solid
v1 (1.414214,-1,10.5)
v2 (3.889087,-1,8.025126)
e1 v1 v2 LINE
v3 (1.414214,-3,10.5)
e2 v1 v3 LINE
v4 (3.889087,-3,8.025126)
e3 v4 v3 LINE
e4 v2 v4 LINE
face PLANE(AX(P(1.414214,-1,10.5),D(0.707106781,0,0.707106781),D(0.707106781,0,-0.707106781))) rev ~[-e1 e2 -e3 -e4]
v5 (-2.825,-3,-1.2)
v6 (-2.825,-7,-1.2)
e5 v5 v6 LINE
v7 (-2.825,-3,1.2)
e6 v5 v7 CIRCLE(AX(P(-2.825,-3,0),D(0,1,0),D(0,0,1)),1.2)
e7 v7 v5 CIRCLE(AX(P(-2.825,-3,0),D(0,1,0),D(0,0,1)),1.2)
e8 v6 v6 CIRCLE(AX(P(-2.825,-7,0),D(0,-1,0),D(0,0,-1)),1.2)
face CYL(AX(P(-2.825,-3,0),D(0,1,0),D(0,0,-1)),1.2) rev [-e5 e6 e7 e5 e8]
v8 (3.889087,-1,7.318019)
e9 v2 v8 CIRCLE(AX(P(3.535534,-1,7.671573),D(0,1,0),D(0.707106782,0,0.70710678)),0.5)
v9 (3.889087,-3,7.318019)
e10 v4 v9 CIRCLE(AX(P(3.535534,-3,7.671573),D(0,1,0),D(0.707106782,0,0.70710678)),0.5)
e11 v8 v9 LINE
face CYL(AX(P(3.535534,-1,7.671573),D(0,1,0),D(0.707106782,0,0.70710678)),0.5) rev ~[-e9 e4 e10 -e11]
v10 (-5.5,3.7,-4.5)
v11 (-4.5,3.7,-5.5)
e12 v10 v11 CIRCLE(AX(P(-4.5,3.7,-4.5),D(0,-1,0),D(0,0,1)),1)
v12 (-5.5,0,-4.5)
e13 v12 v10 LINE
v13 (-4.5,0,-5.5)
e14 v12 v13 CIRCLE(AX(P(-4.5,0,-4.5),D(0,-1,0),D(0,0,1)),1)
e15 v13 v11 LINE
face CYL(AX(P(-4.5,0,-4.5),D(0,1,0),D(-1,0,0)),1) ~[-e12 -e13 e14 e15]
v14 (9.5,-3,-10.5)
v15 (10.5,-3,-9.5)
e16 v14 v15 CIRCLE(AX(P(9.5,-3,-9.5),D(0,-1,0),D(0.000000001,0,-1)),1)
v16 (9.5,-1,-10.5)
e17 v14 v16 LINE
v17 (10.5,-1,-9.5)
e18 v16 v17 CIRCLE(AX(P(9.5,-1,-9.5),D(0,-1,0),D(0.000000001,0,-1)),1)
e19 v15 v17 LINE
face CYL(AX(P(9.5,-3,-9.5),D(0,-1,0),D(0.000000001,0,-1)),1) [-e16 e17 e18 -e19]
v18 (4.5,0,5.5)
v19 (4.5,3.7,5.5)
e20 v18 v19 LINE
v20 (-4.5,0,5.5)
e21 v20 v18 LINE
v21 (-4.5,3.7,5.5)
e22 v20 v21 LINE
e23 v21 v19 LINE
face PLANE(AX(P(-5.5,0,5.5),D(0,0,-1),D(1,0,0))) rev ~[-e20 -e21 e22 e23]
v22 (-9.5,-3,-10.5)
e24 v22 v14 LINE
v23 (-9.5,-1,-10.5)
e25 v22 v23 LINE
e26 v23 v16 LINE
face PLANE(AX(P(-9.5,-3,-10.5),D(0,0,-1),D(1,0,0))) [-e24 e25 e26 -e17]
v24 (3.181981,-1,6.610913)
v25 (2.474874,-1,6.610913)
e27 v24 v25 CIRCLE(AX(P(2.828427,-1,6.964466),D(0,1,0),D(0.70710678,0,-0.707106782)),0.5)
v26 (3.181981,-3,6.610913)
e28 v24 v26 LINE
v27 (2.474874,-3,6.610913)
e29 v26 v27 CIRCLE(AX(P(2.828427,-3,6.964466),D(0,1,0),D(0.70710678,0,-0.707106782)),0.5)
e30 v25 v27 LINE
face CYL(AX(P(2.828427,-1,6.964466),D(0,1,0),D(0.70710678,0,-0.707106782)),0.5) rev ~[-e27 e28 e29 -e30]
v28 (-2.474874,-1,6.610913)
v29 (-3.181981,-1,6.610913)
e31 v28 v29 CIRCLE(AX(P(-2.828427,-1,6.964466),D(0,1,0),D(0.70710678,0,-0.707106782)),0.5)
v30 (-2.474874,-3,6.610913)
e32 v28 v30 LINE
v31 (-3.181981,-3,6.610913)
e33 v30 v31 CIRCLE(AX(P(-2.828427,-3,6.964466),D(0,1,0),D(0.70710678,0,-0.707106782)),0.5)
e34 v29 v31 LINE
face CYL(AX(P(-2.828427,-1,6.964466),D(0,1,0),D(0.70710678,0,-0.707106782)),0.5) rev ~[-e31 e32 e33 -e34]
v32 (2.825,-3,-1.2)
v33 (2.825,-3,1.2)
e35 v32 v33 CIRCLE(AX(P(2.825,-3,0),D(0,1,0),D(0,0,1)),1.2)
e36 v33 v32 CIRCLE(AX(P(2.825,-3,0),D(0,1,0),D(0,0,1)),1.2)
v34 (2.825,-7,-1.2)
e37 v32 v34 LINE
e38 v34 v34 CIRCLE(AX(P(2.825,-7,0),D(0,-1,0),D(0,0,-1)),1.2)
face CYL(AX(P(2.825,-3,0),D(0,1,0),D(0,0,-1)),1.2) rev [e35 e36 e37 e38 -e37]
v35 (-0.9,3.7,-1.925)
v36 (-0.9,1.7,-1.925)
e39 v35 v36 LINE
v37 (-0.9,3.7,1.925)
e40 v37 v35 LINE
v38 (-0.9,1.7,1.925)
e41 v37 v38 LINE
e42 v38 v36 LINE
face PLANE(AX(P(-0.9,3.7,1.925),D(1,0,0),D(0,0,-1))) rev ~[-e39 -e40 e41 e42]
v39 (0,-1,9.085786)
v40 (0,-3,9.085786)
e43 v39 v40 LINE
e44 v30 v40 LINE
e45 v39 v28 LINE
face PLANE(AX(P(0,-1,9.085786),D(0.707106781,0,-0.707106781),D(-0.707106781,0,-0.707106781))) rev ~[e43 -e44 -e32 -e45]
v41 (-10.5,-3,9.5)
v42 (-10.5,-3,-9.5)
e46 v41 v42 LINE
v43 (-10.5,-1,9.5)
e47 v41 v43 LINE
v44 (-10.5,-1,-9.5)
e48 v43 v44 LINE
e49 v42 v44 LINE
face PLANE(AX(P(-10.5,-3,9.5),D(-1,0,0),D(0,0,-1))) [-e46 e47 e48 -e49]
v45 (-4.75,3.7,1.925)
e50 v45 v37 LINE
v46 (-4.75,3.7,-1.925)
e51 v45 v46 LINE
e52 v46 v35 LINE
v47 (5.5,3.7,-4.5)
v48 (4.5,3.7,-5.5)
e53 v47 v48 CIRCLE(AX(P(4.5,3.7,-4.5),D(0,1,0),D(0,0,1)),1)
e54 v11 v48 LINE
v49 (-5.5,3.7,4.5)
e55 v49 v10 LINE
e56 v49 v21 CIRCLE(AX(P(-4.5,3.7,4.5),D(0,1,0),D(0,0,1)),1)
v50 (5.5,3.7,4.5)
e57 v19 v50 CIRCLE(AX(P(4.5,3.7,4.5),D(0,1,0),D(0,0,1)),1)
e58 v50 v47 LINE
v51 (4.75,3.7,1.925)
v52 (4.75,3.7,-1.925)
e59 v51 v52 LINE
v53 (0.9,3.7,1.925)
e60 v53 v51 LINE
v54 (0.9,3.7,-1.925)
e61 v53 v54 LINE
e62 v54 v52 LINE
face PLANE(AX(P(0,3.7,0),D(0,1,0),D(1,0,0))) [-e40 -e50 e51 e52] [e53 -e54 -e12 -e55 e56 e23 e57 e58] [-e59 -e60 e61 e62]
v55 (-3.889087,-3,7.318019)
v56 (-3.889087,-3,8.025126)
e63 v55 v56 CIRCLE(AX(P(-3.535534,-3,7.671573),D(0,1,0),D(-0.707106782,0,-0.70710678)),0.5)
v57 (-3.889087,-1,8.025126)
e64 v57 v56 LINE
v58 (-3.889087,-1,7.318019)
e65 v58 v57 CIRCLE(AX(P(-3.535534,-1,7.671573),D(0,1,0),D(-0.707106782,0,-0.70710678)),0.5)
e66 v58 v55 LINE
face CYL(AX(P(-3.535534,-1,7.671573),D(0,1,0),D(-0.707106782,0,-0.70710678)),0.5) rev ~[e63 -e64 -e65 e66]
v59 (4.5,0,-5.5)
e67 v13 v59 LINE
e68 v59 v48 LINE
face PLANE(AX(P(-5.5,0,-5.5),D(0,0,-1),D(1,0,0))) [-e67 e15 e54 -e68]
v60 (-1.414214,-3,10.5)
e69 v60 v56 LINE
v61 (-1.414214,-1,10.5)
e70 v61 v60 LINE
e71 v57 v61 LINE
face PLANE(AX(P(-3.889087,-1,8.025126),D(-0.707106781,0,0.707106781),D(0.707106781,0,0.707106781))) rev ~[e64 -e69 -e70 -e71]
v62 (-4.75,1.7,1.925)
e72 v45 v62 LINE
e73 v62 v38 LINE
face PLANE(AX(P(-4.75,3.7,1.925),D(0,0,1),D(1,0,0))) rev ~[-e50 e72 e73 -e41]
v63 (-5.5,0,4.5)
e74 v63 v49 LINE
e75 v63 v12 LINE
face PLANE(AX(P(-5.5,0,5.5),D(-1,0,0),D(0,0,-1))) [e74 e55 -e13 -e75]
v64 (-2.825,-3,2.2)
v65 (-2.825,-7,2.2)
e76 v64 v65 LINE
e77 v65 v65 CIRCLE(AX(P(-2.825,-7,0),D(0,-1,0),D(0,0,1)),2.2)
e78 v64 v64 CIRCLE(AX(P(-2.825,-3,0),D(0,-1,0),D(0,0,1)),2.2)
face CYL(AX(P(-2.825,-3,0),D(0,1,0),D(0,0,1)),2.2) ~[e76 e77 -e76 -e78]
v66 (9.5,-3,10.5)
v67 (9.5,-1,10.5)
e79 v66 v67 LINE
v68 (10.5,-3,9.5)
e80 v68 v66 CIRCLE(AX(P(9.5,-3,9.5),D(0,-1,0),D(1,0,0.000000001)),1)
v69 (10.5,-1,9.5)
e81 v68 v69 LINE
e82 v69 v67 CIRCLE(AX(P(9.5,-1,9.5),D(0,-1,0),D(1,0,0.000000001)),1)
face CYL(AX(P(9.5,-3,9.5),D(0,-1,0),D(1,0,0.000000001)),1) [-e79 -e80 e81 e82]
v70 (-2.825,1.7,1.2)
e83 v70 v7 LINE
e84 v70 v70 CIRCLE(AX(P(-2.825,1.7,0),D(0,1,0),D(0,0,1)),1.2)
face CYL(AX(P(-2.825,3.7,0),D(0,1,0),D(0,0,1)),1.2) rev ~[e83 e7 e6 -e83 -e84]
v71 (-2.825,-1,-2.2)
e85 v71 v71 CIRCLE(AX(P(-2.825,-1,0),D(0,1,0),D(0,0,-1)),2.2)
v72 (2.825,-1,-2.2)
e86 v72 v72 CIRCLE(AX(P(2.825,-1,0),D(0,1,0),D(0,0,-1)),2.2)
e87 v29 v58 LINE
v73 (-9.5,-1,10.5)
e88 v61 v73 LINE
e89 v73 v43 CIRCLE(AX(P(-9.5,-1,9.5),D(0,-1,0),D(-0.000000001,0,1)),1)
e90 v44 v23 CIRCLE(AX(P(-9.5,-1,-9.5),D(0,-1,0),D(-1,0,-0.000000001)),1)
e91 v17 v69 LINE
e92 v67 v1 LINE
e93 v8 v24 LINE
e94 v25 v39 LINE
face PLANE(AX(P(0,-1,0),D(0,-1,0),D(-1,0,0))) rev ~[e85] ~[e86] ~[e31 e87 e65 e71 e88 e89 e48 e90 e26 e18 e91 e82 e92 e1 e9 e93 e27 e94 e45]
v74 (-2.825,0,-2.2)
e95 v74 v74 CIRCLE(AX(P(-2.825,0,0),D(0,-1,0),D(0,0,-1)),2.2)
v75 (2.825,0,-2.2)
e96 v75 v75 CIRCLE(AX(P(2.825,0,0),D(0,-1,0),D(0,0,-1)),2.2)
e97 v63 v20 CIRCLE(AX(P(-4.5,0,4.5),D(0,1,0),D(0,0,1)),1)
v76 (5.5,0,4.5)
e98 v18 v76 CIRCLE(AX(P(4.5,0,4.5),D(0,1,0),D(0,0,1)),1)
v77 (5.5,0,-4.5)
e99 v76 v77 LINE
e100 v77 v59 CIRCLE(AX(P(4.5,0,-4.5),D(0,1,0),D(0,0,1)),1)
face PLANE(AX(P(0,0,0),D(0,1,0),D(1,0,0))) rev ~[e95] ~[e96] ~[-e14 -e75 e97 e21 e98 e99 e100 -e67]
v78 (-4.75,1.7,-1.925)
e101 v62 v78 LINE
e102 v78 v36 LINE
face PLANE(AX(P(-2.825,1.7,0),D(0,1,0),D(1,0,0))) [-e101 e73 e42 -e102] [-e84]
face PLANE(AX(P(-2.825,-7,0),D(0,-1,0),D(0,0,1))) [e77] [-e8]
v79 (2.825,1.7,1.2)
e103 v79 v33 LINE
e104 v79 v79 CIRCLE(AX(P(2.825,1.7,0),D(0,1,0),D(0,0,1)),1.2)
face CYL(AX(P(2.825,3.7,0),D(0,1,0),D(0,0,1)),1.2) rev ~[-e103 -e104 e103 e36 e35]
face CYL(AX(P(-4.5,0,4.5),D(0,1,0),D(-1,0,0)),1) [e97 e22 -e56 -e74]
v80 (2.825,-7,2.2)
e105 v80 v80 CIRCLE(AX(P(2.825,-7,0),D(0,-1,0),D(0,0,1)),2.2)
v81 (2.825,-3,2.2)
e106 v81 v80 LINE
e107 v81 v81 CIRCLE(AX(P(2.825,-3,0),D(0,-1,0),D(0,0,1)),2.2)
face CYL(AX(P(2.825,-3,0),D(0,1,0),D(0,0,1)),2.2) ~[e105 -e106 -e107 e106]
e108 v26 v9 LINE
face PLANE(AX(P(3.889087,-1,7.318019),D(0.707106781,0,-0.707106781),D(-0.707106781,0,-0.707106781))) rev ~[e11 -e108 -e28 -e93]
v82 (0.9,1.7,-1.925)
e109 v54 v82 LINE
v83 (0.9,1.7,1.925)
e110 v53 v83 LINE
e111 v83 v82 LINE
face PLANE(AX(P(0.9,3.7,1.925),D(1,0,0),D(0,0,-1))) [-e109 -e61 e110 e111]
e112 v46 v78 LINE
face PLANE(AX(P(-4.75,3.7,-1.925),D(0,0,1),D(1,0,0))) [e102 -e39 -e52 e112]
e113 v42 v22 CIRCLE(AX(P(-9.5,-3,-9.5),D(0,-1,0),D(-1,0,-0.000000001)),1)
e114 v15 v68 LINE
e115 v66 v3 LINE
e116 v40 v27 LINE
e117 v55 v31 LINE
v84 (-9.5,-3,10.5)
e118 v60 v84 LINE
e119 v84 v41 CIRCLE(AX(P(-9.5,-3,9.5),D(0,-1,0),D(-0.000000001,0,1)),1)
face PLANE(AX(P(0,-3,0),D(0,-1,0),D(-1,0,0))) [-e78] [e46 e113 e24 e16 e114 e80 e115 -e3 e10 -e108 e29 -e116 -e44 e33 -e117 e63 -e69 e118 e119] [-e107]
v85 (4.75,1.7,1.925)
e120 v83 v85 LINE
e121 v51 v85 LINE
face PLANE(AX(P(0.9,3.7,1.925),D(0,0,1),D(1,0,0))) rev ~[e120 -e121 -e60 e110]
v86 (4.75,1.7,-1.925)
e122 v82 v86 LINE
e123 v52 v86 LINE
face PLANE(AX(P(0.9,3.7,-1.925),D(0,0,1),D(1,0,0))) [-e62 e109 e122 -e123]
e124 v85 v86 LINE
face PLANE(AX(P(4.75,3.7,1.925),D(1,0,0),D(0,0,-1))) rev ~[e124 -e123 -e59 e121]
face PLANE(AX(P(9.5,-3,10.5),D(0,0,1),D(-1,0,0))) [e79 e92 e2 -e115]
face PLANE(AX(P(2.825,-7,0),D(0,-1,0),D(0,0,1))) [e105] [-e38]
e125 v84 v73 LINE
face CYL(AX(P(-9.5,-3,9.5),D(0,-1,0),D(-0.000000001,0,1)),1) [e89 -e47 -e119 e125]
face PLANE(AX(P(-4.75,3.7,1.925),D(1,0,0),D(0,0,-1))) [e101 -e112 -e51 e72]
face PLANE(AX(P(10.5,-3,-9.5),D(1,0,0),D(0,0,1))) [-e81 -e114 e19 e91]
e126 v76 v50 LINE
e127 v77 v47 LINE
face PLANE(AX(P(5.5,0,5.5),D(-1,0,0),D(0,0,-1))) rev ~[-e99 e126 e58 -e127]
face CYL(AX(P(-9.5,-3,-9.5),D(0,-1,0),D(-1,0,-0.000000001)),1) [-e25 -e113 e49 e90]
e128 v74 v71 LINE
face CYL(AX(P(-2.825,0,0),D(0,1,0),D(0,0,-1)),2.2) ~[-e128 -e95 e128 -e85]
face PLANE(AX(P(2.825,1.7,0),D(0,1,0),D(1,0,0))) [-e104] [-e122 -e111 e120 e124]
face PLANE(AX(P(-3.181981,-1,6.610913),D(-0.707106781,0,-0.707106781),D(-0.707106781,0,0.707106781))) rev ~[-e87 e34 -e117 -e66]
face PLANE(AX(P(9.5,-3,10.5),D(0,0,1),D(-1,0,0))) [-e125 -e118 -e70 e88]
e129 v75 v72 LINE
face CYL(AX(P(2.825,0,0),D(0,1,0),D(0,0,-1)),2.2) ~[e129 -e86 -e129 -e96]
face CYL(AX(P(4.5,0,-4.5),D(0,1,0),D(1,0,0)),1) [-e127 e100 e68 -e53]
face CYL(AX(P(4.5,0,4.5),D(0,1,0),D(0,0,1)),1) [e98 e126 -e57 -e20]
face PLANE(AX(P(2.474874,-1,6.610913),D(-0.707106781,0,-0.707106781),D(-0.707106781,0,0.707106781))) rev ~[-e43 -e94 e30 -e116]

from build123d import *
from build123d.topology import SkipClean

# Parameters (mm, degrees)
SKETCH1_W           = 11
SKETCH1_H           = 11
BOSS_EXTRUDE1_DEPTH = 3.7
FILLET1_R           = 1
SKETCH2_W           = 3.85
SKETCH2_H           = 3.85
CUT_EXTRUDE1_DEPTH  = 2
SKETCH4_R           = 2.2
BOSS_EXTRUDE2_DEPTH = 3
BOSS_EXTRUDE3_DEPTH = 2
SKETCH3_R           = 1.2
CUT_EXTRUDE2_DEPTH  = 17.290794947
CUT_EXTRUDE3_DEPTH  = 16.57530096
SKETCH8_R           = 2.2
SKETCH8_R_2         = 1.2
BOSS_EXTRUDE4_DEPTH = 4


with BuildPart() as part:
    # Sketch1 → Boss-Extrude1 (new body)
    with BuildSketch(Plane(origin=(0, 0, 0), x_dir=(1, 0, 0), z_dir=(0, 1, 0))):
        Rectangle(SKETCH1_W, SKETCH1_H)
    extrude(amount=BOSS_EXTRUDE1_DEPTH)

    # Fillet1
    fillet1_edges = [part.edges().sort_by_distance(p)[0] for p in [
        (5.5, 1.85, 5.5),
        (-5.5, 1.85, 5.5),
        (-5.5, 1.85, -5.5),
        (5.5, 1.85, -5.5),
    ]]
    fillet(fillet1_edges, radius=FILLET1_R)

    # Sketch2 → Cut-Extrude1 (cut)
    with BuildSketch(Plane(origin=(0, 3.7, 0), x_dir=(1, 0, 0), z_dir=(0, 1, 0))):
        with Locations((-2.825, 0)):
            Rectangle(SKETCH2_W, SKETCH2_H)
        with Locations((2.825, 0)):
            Rectangle(SKETCH2_W, SKETCH2_H)
    extrude(amount=-CUT_EXTRUDE1_DEPTH, mode=Mode.SUBTRACT)

    # Sketch4 → Boss-Extrude2 (add)
    with BuildSketch(Plane(origin=(0, 0, 0), x_dir=(-1, 0, 0), z_dir=(0, -1, 0))):
        with Locations(Location((2.825, 0, 0), (0, 0, 90))):
            Circle(SKETCH4_R)
        with Locations(Location((-2.825, 0, 0), (0, 0, 90))):
            Circle(SKETCH4_R)
    extrude(amount=BOSS_EXTRUDE2_DEPTH)

    # Sketch5 → Boss-Extrude3 (add)
    with BuildSketch(Plane(origin=(0, -3, 0), x_dir=(-1, 0, 0), z_dir=(0, -1, 0))):
        with BuildLine():
            Line((9.5, 10.5), (-9.5, 10.5))
            ThreePointArc((-9.5, 10.5), (-10.207106781, 10.207106781), (-10.5, 9.5))
            Line((-10.5, 9.5), (-10.5, -9.5))
            ThreePointArc((-10.5, -9.5), (-10.207106781, -10.207106781), (-9.5, -10.5))
            Line((-9.5, -10.5), (9.5, -10.5))
            ThreePointArc((9.5, -10.5), (10.207106781, -10.207106781), (10.5, -9.5))
            Line((10.5, -9.5), (10.5, 9.5))
            ThreePointArc((10.5, 9.5), (10.207106781, 10.207106781), (9.5, 10.5))
        make_face()
    extrude(amount=-BOSS_EXTRUDE3_DEPTH)

    # Sketch3 → Cut-Extrude2 (cut, through all)
    with BuildSketch(Plane(origin=(0, 3.7, 0), x_dir=(1, 0, 0), z_dir=(0, 1, 0))):
        with Locations(Location((-2.825, 0, 0), (0, 0, 270))):
            Circle(SKETCH3_R)
        with Locations(Location((2.825, 0, 0), (0, 0, 270))):
            Circle(SKETCH3_R)
    extrude(amount=-CUT_EXTRUDE2_DEPTH, mode=Mode.SUBTRACT)

    # Sketch7 → Cut-Extrude3 (cut, through all)
    with BuildSketch(Plane(origin=(0, -1, 0), x_dir=(1, 0, 0), z_dir=(0, 1, 0))):
        with BuildLine():
            Line((0, -9.085786438), (1.414213562, -10.5))
            Line((1.414213562, -10.5), (3.889087297, -8.025126266))
            ThreePointArc((3.889087297, -8.025126266), (4.035533906, -7.671572875), (3.889087297, -7.318019485))
            Line((3.889087297, -7.318019485), (3.181980515, -6.610912703))
            ThreePointArc((3.181980515, -6.610912703), (2.828427125, -6.464466094), (2.474873734, -6.610912703))
            Line((2.474873734, -6.610912703), (0, -9.085786438))
        make_face()
        with BuildLine():
            Line((-3.889087297, -8.025126266), (-1.414213562, -10.5))
            Line((-1.414213562, -10.5), (0, -9.085786438))
            Line((0, -9.085786438), (-2.474873734, -6.610912703))
            ThreePointArc((-2.474873734, -6.610912703), (-2.828427125, -6.464466094), (-3.181980515, -6.610912703))
            Line((-3.181980515, -6.610912703), (-3.889087297, -7.318019485))
            ThreePointArc((-3.889087297, -7.318019485), (-4.035533906, -7.671572875), (-3.889087297, -8.025126266))
        make_face()
        Polygon((-1.414213562, -10.5), (1.414213562, -10.5), (0, -9.085786438), align=None)
    extrude(amount=-CUT_EXTRUDE3_DEPTH, mode=Mode.SUBTRACT)

    # Sketch8 → Boss-Extrude4 (add)
    # profile 1 of 2: a face of its own
    with SkipClean():  # the faces are left unmerged after this step: merging them gives an invalid solid
        with BuildSketch(Plane.XZ.offset(3)):
            with Locations(Location((-2.825, 0, 0), (0, 0, 90))):
                Circle(SKETCH8_R)
            with Locations(Location((-2.825, 0, 0), (0, 0, 270))):
                Circle(SKETCH8_R_2, mode=Mode.SUBTRACT)
        # profile 2 of 2: a face of its own
        with BuildSketch(Plane.XZ.offset(3)):
            with Locations(Location((2.825, 0, 0), (0, 0, 90))):
                Circle(SKETCH8_R)
            with Locations(Location((2.825, 0, 0), (0, 0, 270))):
                Circle(SKETCH8_R_2, mode=Mode.SUBTRACT)
        extrude(amount=BOSS_EXTRUDE4_DEPTH)


solid = part.part
